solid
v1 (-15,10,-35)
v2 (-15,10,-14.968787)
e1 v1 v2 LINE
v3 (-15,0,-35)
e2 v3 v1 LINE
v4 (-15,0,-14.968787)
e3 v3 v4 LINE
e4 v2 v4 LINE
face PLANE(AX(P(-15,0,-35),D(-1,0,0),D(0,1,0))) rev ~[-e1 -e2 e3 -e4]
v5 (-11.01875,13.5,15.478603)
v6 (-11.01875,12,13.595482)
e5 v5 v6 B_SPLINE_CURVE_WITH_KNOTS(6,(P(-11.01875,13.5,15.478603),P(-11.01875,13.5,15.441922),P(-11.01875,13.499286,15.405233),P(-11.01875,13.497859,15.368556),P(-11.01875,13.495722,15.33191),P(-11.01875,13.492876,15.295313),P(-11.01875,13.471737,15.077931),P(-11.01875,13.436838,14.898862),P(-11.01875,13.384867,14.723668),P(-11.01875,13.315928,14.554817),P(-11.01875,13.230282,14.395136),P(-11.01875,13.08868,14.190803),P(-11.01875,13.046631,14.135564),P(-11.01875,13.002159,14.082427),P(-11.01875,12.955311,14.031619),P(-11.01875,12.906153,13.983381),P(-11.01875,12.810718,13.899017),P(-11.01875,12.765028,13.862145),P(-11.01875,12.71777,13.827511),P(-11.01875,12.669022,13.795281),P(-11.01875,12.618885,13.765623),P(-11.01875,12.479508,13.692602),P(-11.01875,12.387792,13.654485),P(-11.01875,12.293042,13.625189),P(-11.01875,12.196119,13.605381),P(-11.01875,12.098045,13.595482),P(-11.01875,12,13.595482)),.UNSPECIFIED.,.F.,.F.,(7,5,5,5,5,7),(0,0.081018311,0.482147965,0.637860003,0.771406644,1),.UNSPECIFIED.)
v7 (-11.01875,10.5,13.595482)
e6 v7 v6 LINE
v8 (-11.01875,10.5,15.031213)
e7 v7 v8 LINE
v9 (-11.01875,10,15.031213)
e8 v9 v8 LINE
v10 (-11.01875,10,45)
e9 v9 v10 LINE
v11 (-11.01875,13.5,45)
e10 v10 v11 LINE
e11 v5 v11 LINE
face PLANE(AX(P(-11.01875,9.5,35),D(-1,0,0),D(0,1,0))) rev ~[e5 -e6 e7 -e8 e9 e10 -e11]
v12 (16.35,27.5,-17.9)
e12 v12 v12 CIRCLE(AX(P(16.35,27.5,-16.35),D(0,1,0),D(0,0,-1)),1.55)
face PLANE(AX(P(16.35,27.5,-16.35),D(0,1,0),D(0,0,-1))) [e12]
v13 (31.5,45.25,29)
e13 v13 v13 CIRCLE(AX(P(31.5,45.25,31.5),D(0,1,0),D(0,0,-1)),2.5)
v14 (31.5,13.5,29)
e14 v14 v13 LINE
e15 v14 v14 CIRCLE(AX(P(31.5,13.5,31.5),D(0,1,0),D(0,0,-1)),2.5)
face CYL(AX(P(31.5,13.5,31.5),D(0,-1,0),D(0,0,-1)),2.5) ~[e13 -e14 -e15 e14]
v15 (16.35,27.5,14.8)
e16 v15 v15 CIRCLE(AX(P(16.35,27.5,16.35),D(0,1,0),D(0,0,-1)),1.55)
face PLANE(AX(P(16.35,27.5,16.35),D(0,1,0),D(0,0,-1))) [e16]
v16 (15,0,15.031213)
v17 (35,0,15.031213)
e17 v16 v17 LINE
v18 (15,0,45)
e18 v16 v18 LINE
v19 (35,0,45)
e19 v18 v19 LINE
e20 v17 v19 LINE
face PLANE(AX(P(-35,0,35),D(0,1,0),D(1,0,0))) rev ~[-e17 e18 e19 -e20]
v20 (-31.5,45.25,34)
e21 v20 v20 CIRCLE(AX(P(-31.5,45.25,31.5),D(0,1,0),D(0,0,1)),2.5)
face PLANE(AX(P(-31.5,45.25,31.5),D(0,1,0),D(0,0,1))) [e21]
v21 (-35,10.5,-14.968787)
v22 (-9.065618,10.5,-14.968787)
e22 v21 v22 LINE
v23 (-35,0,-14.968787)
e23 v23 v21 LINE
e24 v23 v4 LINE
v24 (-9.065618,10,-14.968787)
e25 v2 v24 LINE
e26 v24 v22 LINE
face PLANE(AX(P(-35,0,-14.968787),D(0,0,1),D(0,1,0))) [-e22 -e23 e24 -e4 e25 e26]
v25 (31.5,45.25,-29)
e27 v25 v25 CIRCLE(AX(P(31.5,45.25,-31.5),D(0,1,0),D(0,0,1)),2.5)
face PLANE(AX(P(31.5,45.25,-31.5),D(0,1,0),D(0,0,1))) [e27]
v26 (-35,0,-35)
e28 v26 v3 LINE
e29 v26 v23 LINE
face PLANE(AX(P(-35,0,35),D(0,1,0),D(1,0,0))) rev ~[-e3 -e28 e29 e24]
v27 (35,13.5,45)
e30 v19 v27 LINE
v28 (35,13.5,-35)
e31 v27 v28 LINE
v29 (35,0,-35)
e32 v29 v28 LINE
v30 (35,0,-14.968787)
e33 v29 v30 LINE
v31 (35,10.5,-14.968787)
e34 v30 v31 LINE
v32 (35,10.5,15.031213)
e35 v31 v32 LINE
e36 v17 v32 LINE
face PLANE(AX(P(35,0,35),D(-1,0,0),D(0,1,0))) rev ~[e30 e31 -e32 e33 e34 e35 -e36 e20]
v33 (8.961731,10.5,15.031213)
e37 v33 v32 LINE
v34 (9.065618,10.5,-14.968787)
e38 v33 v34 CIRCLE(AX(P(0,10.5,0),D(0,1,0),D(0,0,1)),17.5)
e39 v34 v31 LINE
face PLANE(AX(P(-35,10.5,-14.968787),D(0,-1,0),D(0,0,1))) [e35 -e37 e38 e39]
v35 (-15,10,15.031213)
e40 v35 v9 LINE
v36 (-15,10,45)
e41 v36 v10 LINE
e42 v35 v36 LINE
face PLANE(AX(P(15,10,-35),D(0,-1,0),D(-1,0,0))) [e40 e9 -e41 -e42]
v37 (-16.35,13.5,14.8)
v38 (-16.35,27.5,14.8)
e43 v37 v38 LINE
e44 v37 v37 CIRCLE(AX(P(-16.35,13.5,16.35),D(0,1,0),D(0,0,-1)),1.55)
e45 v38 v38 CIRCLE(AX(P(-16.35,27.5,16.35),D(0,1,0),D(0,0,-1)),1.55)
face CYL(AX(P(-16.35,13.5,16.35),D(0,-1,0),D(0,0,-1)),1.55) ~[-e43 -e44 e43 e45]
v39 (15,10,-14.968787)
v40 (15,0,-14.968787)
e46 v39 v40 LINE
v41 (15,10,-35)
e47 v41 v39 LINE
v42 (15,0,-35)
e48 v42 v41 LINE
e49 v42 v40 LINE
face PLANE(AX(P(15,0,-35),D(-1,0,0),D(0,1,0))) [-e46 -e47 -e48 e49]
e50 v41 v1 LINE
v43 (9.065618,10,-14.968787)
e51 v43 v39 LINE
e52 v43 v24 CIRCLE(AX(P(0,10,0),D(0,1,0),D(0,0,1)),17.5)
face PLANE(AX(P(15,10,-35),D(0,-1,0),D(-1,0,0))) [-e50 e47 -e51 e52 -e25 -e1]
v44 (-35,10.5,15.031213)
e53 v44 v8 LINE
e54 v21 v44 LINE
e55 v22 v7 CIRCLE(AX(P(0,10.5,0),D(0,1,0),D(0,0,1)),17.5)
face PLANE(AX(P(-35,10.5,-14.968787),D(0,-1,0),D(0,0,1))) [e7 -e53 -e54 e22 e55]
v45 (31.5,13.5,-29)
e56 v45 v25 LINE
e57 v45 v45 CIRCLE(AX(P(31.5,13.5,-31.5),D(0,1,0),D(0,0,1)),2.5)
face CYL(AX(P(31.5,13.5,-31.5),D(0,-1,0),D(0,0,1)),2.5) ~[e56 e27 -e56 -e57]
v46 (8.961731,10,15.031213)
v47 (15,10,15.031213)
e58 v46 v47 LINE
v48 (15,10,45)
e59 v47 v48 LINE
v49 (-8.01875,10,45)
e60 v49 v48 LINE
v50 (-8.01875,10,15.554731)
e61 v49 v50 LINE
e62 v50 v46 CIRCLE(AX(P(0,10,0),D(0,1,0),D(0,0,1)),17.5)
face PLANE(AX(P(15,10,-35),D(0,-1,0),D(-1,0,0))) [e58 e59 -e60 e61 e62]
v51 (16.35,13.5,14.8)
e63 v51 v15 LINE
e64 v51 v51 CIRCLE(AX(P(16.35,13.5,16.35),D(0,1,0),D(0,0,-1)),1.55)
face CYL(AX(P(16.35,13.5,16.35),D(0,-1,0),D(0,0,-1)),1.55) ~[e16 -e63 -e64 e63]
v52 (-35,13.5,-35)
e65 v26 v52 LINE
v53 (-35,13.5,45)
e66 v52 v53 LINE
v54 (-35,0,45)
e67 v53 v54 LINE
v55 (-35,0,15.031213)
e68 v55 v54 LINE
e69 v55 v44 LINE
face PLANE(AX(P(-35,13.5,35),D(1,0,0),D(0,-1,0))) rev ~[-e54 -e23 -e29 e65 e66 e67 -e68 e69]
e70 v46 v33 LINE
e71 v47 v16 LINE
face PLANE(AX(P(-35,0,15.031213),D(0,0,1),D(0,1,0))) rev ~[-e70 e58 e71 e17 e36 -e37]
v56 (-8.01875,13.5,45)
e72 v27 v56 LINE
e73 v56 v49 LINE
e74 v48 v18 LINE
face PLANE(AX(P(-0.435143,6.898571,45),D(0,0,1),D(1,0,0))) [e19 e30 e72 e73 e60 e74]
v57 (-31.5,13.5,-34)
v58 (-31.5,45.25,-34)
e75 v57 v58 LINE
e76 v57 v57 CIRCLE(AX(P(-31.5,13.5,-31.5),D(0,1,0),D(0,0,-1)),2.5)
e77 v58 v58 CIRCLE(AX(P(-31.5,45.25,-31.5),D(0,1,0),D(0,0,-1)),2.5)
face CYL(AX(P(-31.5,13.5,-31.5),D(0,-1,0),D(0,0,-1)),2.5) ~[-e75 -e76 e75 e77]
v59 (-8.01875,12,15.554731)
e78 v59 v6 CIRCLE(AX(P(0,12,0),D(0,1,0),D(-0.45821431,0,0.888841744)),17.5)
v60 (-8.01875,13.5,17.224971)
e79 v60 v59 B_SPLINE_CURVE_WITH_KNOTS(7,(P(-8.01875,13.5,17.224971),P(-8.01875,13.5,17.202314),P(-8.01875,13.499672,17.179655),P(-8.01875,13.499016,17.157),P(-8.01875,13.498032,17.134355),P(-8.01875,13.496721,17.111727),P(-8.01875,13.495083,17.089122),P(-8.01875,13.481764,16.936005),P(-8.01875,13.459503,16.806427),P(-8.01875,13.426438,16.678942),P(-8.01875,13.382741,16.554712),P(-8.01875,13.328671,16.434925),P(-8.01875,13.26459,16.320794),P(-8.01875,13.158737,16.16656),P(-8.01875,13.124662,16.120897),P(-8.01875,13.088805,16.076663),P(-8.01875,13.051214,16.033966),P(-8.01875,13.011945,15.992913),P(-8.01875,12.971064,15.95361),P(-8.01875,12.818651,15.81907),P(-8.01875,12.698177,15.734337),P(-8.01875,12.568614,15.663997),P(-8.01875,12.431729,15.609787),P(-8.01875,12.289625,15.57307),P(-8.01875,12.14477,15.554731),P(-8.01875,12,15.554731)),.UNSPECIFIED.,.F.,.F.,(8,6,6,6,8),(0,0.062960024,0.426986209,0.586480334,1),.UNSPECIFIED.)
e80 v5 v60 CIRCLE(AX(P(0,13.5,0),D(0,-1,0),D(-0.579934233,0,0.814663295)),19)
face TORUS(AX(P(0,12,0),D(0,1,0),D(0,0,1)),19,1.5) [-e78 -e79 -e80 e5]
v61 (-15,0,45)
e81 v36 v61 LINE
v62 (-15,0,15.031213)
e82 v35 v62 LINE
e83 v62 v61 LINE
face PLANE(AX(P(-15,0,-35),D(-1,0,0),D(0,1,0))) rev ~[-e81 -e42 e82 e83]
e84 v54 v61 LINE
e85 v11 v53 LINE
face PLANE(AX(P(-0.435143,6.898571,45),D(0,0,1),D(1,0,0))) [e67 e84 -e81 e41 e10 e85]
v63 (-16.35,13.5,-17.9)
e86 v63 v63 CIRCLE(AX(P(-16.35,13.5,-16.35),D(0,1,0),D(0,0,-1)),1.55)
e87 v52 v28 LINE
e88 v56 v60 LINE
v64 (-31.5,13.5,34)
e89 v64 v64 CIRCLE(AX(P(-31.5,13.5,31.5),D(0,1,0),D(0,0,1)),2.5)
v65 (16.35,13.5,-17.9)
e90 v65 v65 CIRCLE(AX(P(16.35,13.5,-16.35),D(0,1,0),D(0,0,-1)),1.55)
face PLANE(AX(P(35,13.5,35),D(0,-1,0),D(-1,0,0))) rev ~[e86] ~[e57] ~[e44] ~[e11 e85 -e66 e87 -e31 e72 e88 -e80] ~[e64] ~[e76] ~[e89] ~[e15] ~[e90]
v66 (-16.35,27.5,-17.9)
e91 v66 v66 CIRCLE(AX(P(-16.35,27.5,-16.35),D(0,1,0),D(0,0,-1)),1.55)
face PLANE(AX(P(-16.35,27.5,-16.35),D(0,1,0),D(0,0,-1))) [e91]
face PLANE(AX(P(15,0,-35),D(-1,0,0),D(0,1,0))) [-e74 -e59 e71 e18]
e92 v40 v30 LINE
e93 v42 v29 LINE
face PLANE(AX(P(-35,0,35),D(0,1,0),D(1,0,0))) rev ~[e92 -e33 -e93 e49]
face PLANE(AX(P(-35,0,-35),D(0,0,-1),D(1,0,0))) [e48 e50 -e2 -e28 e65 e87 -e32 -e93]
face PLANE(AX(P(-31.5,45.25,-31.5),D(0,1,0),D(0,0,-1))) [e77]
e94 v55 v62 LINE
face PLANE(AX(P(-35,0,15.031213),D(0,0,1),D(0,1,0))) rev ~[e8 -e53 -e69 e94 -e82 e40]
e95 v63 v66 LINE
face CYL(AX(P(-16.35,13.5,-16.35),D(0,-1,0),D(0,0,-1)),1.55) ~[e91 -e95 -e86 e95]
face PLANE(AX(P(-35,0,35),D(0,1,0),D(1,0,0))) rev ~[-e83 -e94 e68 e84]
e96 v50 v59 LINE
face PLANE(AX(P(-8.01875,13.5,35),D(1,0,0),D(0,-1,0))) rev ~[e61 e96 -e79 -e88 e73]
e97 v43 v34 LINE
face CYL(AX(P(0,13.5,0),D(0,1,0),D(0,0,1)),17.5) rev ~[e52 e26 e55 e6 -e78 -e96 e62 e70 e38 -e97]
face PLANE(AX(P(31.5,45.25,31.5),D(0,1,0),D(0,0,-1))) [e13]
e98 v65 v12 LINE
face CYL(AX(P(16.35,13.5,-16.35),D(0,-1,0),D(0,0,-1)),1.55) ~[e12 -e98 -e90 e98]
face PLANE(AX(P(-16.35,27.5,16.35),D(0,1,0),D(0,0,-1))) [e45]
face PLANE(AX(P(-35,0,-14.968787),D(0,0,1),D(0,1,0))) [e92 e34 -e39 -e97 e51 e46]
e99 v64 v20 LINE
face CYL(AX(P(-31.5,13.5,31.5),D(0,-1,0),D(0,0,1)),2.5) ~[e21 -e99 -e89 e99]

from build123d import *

# Parameters (mm, degrees)
SKETCH1_W           = 70
SKETCH1_H           = 70
BOSS_EXTRUDE1_DEPTH = 13.5
SKETCH5_R           = 1.55
FANS_COLUMN_DEPTH   = 14
SKETCH6_R           = 17.5
CUT_EXTRUDE2_DEPTH  = 15
FILLET1_R           = 1.5
SKETCH7_R           = 2.5
BOSS_EXTRUDE4_DEPTH = 31.75
SKETCH8_W           = 3
SKETCH8_H           = 4
CUT_EXTRUDE3_DEPTH  = 22
BOSS_EXTRUDE5_DEPTH = 10
SKETCH10_W          = 30
SKETCH10_H          = 10.5
CUT_EXTRUDE4_DEPTH  = 95.723611148
SKETCH11_W          = 30
SKETCH11_H          = 10
CUT_EXTRUDE5_DEPTH  = 99.349186657


with BuildPart() as part:
    # Sketch1 → Boss-Extrude1 (new body)
    with BuildSketch(Plane(origin=(0, 0, 0), x_dir=(1, 0, 0), z_dir=(0, 1, 0))):
        Rectangle(SKETCH1_W, SKETCH1_H)
    extrude(amount=BOSS_EXTRUDE1_DEPTH)

    # Sketch5 → Fans_Column (add)
    with BuildSketch(Plane(origin=(0, 13.5, 0), x_dir=(1, 0, 0), z_dir=(0, 1, 0))):
        with Locations(Location((-16.35, 16.35, 0), (0, 0, 90))):
            Circle(SKETCH5_R)
        with Locations(Location((16.35, 16.35, 0), (0, 0, 90))):
            Circle(SKETCH5_R)
        with Locations(Location((16.35, -16.35, 0), (0, 0, 90))):
            Circle(SKETCH5_R)
        with Locations(Location((-16.35, -16.35, 0), (0, 0, 90))):
            Circle(SKETCH5_R)
    extrude(amount=FANS_COLUMN_DEPTH)

    # Sketch6 → Cut-Extrude2 (cut)
    with BuildSketch(Plane(origin=(0, 13.5, 0), x_dir=(1, 0, 0), z_dir=(0, 1, 0))):
        with Locations(Location((0, 0, 0), (0, 0, 270))):
            Circle(SKETCH6_R)
    extrude(amount=-CUT_EXTRUDE2_DEPTH, mode=Mode.SUBTRACT)

    # Fillet1
    fillet1_edges = [part.edges().sort_by_distance(p)[0] for p in [
        (0, 13.5, -17.5),
    ]]
    fillet(fillet1_edges, radius=FILLET1_R)

    # Sketch7 → Boss-Extrude4 (add)
    with BuildSketch(Plane(origin=(0, 13.5, 0), x_dir=(1, 0, 0), z_dir=(0, 1, 0))):
        with Locations(Location((-31.5, -31.5, 0), (0, 0, 270))):
            Circle(SKETCH7_R)
        with Locations(Location((-31.5, 31.5, 0), (0, 0, 90))):
            Circle(SKETCH7_R)
        with Locations(Location((31.5, 31.5, 0), (0, 0, 270))):
            Circle(SKETCH7_R)
        with Locations(Location((31.5, -31.5, 0), (0, 0, 90))):
            Circle(SKETCH7_R)
    extrude(amount=BOSS_EXTRUDE4_DEPTH)

    # Sketch8 → Cut-Extrude3 (cut)
    with BuildSketch(Plane.XY.offset(35)):
        with Locations((-9.518750433, 11.5)):
            Rectangle(SKETCH8_W, SKETCH8_H)
    extrude(amount=-CUT_EXTRUDE3_DEPTH, mode=Mode.SUBTRACT)

    # Sketch9 → Boss-Extrude5 (add)
    with BuildSketch(Plane.XY.offset(35)):
        Polygon((-8.018750433, 9.5), (-11.018750433, 9.5), (-11.018750433, 13.5), (-35, 13.5), (-35, 0), (35, 0), (35, 13.5), (-8.018750433, 13.5), align=None)
    extrude(amount=BOSS_EXTRUDE5_DEPTH)

    # Sketch10 → Cut-Extrude4 (cut, through all)
    with BuildSketch(Plane.ZY.offset(35)):
        with Locations((0.031213212, 5.25)):
            Rectangle(SKETCH10_W, SKETCH10_H)
    extrude(amount=-CUT_EXTRUDE4_DEPTH, mode=Mode.SUBTRACT)

    # Sketch11 → Cut-Extrude5 (cut, through all)
    with BuildSketch(Plane(origin=(0, 0, -35), x_dir=(-1, 0, 0), z_dir=(0, 0, -1))):
        with Locations((0, 5)):
            Rectangle(SKETCH11_W, SKETCH11_H)
    extrude(amount=-CUT_EXTRUDE5_DEPTH, mode=Mode.SUBTRACT)


solid = part.part
